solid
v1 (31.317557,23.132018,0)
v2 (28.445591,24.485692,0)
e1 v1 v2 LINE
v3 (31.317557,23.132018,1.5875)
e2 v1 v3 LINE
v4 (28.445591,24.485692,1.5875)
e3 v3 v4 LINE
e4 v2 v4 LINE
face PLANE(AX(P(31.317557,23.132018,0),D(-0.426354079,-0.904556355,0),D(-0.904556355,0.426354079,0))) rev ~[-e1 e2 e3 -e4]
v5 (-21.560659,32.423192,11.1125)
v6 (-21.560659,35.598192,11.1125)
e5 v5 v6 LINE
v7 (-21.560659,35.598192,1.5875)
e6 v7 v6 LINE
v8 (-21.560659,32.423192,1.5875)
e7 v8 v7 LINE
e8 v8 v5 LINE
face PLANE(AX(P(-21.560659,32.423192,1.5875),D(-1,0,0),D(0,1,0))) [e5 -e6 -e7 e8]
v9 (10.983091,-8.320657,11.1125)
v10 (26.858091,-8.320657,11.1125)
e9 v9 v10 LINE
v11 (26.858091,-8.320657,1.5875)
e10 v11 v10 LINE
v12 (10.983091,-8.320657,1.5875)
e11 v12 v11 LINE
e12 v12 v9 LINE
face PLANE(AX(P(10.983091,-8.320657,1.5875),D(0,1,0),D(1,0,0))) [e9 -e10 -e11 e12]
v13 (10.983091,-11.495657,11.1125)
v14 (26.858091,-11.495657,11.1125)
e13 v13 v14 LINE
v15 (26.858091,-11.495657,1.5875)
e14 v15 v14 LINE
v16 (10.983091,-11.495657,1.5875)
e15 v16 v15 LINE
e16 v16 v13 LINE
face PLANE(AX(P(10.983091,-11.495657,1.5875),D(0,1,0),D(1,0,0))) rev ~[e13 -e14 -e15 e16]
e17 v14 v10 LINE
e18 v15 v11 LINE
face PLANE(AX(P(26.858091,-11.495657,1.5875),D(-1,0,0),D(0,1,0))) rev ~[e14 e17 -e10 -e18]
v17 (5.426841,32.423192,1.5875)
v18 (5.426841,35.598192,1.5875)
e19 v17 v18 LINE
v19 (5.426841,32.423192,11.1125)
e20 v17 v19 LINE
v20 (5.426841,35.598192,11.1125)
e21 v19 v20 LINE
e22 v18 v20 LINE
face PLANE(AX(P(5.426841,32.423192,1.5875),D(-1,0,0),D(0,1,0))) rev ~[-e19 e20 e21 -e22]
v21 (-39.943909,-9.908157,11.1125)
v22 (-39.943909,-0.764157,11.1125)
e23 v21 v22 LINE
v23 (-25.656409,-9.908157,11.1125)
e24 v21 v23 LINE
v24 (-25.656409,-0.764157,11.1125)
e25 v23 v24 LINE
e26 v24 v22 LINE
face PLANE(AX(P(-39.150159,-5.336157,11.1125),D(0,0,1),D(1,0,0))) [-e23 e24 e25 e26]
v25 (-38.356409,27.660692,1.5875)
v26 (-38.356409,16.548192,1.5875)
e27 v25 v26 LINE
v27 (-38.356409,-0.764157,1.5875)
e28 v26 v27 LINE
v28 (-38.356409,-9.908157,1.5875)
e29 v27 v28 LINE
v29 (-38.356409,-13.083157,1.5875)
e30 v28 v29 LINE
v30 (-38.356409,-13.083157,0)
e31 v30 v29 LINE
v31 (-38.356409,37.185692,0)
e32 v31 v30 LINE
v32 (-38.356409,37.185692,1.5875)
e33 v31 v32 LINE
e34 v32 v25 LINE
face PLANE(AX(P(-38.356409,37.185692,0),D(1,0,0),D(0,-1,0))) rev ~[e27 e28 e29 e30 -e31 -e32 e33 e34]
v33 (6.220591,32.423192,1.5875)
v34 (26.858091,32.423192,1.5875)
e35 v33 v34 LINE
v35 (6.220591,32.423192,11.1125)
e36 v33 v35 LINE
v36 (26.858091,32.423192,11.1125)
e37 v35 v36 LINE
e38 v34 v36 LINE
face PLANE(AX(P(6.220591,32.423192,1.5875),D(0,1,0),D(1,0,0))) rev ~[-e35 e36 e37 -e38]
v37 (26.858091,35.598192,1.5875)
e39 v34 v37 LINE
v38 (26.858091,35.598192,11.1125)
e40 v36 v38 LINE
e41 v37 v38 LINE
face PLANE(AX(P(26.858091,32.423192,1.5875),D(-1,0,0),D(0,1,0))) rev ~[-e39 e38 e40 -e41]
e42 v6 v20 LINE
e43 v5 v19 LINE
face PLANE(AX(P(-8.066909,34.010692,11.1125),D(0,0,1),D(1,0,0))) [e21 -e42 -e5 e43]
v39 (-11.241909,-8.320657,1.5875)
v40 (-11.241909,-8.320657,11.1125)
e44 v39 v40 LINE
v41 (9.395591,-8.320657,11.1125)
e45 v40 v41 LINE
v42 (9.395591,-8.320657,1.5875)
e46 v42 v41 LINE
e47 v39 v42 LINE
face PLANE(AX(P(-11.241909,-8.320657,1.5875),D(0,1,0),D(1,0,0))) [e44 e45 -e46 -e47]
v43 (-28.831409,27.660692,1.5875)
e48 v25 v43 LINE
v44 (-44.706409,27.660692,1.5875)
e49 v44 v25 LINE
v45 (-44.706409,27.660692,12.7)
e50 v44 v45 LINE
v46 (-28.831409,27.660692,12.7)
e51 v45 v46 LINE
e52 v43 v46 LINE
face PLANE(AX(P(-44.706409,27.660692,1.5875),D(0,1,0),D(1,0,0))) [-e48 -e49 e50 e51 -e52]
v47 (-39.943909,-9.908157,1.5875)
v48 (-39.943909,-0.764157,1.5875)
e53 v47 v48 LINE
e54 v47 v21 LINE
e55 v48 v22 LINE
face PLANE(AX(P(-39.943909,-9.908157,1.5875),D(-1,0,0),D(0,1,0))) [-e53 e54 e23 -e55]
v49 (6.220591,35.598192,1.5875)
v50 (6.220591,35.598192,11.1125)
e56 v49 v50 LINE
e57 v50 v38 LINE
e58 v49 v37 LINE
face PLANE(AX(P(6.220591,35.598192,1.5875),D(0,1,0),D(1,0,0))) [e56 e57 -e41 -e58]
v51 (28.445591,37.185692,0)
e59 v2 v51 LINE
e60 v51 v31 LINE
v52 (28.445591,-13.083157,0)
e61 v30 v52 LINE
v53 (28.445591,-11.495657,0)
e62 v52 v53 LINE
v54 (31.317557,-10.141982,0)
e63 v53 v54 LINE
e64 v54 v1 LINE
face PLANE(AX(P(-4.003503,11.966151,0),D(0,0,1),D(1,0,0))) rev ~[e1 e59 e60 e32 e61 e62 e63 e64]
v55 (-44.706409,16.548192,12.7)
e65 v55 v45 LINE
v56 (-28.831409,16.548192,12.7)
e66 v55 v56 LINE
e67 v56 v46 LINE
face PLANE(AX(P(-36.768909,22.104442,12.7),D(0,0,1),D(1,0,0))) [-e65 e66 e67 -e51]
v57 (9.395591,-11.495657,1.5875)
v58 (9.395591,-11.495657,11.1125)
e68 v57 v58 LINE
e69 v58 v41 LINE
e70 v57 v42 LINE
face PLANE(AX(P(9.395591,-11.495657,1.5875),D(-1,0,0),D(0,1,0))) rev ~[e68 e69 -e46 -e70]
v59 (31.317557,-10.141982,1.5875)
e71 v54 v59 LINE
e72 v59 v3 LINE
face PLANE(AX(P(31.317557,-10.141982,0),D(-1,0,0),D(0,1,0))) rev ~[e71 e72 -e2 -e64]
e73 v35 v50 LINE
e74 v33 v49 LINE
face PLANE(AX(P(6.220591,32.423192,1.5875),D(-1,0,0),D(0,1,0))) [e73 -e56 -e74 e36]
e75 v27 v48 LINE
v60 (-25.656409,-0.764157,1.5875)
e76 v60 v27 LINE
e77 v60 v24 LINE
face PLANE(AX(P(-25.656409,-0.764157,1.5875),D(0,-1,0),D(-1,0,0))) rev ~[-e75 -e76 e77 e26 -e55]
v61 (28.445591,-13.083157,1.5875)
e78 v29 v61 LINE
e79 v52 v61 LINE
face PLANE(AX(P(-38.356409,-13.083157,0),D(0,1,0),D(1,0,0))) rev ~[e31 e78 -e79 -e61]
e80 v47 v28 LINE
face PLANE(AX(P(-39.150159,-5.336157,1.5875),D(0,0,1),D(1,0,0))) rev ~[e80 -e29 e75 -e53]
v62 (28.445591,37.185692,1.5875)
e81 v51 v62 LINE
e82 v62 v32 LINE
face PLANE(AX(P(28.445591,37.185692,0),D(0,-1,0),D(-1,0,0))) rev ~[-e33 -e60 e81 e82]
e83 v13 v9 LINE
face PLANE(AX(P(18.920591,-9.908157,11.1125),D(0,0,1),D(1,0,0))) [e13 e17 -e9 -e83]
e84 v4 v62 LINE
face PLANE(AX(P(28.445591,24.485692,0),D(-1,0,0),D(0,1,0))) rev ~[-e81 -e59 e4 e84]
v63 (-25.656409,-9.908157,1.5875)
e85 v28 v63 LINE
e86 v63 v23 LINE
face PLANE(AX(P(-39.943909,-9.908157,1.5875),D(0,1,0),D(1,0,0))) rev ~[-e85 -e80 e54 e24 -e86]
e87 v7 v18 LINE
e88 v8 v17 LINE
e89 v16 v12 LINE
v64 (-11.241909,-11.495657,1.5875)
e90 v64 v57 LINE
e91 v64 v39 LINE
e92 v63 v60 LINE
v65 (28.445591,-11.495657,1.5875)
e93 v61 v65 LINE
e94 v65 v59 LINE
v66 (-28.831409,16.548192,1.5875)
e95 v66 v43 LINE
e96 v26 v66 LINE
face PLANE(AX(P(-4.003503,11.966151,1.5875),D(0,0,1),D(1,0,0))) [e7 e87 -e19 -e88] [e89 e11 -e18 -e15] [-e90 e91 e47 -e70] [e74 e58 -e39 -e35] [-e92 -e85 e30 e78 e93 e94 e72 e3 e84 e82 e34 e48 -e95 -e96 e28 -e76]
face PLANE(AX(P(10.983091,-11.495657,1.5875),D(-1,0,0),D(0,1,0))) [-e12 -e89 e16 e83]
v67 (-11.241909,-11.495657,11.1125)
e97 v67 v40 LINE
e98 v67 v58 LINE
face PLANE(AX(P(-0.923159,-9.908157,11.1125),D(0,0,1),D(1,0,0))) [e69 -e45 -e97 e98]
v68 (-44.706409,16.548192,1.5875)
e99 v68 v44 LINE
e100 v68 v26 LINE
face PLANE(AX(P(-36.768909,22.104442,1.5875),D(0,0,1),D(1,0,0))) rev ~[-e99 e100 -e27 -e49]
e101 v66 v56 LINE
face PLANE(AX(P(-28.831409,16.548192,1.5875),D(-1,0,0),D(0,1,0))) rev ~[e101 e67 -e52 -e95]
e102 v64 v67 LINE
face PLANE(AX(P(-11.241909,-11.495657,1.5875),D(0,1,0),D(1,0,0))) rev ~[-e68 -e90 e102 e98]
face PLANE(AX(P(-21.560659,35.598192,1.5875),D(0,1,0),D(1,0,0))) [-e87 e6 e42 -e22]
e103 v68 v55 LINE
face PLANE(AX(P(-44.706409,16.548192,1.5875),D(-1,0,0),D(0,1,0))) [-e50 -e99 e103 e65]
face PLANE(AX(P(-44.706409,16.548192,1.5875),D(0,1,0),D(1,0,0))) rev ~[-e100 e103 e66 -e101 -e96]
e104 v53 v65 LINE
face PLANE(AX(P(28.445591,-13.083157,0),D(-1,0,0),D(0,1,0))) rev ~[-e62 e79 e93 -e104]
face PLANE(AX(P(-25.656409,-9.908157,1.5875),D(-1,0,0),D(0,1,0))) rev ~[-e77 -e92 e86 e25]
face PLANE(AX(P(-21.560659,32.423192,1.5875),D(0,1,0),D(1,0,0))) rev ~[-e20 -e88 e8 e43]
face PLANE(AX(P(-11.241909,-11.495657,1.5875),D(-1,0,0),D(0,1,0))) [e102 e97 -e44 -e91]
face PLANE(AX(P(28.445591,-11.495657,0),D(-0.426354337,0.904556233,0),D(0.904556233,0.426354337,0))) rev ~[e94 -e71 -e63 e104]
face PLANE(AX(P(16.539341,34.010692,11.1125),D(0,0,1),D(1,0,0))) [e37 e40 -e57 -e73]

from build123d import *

# Parameters (mm, degrees)
F1_DEPTH = 1.5875
F2_W     = 15.875
F2_H     = 11.1125
F3_DEPTH = 11.1125
F4_W     = 1.5875
F4_H     = 9.144
F4_W_2   = 12.7
F5_DEPTH = 9.525
F6_W     = 26.9875
F6_H     = 3.175
F6_W_2   = 20.6375
F6_W_3   = 15.875
F7_DEPTH = 9.525


with BuildPart() as f1:
    # F0 (on Top) → F1 (new body)
    with BuildSketch(Plane.XY):
        Polygon((-38.356409, 37.185692), (-38.356409, -13.083157), (28.445591, -13.083157), (28.445591, -11.495657), (31.317557, -10.141982), (31.317557, 23.132018), (28.445591, 24.485692), (28.445591, 37.185692), align=None)
    extrude(amount=F1_DEPTH)

    # F2 (on face) → F3 (join)
    with BuildSketch(Plane.XY.offset(1.5875)):
        with Locations((-36.768909, 22.104442)):
            Rectangle(F2_W, F2_H)
    extrude(amount=F3_DEPTH)

    # F4 (on face) → F5 (join)
    with BuildSketch(Plane.XY.offset(1.5875)):
        with Locations((-39.150159, -5.336157)):
            Rectangle(F4_W, F4_H)
        with Locations((-32.006409, -5.336157)):
            Rectangle(F4_W_2, F4_H)
    extrude(amount=F5_DEPTH)

    # F6 (on face) → F7 (join)
    with BuildSketch(Plane.XY.offset(1.5875)):
        with Locations((-8.066909, 34.010692)):
            Rectangle(F6_W, F6_H)
        with Locations((16.539341, 34.010692)):
            Rectangle(F6_W_2, F6_H)
        with Locations((-0.923159, -9.908157)):
            Rectangle(F6_W_2, F6_H)
        with Locations((18.920591, -9.908157)):
            Rectangle(F6_W_3, F6_H)
    extrude(amount=F7_DEPTH)


solid = f1.part
